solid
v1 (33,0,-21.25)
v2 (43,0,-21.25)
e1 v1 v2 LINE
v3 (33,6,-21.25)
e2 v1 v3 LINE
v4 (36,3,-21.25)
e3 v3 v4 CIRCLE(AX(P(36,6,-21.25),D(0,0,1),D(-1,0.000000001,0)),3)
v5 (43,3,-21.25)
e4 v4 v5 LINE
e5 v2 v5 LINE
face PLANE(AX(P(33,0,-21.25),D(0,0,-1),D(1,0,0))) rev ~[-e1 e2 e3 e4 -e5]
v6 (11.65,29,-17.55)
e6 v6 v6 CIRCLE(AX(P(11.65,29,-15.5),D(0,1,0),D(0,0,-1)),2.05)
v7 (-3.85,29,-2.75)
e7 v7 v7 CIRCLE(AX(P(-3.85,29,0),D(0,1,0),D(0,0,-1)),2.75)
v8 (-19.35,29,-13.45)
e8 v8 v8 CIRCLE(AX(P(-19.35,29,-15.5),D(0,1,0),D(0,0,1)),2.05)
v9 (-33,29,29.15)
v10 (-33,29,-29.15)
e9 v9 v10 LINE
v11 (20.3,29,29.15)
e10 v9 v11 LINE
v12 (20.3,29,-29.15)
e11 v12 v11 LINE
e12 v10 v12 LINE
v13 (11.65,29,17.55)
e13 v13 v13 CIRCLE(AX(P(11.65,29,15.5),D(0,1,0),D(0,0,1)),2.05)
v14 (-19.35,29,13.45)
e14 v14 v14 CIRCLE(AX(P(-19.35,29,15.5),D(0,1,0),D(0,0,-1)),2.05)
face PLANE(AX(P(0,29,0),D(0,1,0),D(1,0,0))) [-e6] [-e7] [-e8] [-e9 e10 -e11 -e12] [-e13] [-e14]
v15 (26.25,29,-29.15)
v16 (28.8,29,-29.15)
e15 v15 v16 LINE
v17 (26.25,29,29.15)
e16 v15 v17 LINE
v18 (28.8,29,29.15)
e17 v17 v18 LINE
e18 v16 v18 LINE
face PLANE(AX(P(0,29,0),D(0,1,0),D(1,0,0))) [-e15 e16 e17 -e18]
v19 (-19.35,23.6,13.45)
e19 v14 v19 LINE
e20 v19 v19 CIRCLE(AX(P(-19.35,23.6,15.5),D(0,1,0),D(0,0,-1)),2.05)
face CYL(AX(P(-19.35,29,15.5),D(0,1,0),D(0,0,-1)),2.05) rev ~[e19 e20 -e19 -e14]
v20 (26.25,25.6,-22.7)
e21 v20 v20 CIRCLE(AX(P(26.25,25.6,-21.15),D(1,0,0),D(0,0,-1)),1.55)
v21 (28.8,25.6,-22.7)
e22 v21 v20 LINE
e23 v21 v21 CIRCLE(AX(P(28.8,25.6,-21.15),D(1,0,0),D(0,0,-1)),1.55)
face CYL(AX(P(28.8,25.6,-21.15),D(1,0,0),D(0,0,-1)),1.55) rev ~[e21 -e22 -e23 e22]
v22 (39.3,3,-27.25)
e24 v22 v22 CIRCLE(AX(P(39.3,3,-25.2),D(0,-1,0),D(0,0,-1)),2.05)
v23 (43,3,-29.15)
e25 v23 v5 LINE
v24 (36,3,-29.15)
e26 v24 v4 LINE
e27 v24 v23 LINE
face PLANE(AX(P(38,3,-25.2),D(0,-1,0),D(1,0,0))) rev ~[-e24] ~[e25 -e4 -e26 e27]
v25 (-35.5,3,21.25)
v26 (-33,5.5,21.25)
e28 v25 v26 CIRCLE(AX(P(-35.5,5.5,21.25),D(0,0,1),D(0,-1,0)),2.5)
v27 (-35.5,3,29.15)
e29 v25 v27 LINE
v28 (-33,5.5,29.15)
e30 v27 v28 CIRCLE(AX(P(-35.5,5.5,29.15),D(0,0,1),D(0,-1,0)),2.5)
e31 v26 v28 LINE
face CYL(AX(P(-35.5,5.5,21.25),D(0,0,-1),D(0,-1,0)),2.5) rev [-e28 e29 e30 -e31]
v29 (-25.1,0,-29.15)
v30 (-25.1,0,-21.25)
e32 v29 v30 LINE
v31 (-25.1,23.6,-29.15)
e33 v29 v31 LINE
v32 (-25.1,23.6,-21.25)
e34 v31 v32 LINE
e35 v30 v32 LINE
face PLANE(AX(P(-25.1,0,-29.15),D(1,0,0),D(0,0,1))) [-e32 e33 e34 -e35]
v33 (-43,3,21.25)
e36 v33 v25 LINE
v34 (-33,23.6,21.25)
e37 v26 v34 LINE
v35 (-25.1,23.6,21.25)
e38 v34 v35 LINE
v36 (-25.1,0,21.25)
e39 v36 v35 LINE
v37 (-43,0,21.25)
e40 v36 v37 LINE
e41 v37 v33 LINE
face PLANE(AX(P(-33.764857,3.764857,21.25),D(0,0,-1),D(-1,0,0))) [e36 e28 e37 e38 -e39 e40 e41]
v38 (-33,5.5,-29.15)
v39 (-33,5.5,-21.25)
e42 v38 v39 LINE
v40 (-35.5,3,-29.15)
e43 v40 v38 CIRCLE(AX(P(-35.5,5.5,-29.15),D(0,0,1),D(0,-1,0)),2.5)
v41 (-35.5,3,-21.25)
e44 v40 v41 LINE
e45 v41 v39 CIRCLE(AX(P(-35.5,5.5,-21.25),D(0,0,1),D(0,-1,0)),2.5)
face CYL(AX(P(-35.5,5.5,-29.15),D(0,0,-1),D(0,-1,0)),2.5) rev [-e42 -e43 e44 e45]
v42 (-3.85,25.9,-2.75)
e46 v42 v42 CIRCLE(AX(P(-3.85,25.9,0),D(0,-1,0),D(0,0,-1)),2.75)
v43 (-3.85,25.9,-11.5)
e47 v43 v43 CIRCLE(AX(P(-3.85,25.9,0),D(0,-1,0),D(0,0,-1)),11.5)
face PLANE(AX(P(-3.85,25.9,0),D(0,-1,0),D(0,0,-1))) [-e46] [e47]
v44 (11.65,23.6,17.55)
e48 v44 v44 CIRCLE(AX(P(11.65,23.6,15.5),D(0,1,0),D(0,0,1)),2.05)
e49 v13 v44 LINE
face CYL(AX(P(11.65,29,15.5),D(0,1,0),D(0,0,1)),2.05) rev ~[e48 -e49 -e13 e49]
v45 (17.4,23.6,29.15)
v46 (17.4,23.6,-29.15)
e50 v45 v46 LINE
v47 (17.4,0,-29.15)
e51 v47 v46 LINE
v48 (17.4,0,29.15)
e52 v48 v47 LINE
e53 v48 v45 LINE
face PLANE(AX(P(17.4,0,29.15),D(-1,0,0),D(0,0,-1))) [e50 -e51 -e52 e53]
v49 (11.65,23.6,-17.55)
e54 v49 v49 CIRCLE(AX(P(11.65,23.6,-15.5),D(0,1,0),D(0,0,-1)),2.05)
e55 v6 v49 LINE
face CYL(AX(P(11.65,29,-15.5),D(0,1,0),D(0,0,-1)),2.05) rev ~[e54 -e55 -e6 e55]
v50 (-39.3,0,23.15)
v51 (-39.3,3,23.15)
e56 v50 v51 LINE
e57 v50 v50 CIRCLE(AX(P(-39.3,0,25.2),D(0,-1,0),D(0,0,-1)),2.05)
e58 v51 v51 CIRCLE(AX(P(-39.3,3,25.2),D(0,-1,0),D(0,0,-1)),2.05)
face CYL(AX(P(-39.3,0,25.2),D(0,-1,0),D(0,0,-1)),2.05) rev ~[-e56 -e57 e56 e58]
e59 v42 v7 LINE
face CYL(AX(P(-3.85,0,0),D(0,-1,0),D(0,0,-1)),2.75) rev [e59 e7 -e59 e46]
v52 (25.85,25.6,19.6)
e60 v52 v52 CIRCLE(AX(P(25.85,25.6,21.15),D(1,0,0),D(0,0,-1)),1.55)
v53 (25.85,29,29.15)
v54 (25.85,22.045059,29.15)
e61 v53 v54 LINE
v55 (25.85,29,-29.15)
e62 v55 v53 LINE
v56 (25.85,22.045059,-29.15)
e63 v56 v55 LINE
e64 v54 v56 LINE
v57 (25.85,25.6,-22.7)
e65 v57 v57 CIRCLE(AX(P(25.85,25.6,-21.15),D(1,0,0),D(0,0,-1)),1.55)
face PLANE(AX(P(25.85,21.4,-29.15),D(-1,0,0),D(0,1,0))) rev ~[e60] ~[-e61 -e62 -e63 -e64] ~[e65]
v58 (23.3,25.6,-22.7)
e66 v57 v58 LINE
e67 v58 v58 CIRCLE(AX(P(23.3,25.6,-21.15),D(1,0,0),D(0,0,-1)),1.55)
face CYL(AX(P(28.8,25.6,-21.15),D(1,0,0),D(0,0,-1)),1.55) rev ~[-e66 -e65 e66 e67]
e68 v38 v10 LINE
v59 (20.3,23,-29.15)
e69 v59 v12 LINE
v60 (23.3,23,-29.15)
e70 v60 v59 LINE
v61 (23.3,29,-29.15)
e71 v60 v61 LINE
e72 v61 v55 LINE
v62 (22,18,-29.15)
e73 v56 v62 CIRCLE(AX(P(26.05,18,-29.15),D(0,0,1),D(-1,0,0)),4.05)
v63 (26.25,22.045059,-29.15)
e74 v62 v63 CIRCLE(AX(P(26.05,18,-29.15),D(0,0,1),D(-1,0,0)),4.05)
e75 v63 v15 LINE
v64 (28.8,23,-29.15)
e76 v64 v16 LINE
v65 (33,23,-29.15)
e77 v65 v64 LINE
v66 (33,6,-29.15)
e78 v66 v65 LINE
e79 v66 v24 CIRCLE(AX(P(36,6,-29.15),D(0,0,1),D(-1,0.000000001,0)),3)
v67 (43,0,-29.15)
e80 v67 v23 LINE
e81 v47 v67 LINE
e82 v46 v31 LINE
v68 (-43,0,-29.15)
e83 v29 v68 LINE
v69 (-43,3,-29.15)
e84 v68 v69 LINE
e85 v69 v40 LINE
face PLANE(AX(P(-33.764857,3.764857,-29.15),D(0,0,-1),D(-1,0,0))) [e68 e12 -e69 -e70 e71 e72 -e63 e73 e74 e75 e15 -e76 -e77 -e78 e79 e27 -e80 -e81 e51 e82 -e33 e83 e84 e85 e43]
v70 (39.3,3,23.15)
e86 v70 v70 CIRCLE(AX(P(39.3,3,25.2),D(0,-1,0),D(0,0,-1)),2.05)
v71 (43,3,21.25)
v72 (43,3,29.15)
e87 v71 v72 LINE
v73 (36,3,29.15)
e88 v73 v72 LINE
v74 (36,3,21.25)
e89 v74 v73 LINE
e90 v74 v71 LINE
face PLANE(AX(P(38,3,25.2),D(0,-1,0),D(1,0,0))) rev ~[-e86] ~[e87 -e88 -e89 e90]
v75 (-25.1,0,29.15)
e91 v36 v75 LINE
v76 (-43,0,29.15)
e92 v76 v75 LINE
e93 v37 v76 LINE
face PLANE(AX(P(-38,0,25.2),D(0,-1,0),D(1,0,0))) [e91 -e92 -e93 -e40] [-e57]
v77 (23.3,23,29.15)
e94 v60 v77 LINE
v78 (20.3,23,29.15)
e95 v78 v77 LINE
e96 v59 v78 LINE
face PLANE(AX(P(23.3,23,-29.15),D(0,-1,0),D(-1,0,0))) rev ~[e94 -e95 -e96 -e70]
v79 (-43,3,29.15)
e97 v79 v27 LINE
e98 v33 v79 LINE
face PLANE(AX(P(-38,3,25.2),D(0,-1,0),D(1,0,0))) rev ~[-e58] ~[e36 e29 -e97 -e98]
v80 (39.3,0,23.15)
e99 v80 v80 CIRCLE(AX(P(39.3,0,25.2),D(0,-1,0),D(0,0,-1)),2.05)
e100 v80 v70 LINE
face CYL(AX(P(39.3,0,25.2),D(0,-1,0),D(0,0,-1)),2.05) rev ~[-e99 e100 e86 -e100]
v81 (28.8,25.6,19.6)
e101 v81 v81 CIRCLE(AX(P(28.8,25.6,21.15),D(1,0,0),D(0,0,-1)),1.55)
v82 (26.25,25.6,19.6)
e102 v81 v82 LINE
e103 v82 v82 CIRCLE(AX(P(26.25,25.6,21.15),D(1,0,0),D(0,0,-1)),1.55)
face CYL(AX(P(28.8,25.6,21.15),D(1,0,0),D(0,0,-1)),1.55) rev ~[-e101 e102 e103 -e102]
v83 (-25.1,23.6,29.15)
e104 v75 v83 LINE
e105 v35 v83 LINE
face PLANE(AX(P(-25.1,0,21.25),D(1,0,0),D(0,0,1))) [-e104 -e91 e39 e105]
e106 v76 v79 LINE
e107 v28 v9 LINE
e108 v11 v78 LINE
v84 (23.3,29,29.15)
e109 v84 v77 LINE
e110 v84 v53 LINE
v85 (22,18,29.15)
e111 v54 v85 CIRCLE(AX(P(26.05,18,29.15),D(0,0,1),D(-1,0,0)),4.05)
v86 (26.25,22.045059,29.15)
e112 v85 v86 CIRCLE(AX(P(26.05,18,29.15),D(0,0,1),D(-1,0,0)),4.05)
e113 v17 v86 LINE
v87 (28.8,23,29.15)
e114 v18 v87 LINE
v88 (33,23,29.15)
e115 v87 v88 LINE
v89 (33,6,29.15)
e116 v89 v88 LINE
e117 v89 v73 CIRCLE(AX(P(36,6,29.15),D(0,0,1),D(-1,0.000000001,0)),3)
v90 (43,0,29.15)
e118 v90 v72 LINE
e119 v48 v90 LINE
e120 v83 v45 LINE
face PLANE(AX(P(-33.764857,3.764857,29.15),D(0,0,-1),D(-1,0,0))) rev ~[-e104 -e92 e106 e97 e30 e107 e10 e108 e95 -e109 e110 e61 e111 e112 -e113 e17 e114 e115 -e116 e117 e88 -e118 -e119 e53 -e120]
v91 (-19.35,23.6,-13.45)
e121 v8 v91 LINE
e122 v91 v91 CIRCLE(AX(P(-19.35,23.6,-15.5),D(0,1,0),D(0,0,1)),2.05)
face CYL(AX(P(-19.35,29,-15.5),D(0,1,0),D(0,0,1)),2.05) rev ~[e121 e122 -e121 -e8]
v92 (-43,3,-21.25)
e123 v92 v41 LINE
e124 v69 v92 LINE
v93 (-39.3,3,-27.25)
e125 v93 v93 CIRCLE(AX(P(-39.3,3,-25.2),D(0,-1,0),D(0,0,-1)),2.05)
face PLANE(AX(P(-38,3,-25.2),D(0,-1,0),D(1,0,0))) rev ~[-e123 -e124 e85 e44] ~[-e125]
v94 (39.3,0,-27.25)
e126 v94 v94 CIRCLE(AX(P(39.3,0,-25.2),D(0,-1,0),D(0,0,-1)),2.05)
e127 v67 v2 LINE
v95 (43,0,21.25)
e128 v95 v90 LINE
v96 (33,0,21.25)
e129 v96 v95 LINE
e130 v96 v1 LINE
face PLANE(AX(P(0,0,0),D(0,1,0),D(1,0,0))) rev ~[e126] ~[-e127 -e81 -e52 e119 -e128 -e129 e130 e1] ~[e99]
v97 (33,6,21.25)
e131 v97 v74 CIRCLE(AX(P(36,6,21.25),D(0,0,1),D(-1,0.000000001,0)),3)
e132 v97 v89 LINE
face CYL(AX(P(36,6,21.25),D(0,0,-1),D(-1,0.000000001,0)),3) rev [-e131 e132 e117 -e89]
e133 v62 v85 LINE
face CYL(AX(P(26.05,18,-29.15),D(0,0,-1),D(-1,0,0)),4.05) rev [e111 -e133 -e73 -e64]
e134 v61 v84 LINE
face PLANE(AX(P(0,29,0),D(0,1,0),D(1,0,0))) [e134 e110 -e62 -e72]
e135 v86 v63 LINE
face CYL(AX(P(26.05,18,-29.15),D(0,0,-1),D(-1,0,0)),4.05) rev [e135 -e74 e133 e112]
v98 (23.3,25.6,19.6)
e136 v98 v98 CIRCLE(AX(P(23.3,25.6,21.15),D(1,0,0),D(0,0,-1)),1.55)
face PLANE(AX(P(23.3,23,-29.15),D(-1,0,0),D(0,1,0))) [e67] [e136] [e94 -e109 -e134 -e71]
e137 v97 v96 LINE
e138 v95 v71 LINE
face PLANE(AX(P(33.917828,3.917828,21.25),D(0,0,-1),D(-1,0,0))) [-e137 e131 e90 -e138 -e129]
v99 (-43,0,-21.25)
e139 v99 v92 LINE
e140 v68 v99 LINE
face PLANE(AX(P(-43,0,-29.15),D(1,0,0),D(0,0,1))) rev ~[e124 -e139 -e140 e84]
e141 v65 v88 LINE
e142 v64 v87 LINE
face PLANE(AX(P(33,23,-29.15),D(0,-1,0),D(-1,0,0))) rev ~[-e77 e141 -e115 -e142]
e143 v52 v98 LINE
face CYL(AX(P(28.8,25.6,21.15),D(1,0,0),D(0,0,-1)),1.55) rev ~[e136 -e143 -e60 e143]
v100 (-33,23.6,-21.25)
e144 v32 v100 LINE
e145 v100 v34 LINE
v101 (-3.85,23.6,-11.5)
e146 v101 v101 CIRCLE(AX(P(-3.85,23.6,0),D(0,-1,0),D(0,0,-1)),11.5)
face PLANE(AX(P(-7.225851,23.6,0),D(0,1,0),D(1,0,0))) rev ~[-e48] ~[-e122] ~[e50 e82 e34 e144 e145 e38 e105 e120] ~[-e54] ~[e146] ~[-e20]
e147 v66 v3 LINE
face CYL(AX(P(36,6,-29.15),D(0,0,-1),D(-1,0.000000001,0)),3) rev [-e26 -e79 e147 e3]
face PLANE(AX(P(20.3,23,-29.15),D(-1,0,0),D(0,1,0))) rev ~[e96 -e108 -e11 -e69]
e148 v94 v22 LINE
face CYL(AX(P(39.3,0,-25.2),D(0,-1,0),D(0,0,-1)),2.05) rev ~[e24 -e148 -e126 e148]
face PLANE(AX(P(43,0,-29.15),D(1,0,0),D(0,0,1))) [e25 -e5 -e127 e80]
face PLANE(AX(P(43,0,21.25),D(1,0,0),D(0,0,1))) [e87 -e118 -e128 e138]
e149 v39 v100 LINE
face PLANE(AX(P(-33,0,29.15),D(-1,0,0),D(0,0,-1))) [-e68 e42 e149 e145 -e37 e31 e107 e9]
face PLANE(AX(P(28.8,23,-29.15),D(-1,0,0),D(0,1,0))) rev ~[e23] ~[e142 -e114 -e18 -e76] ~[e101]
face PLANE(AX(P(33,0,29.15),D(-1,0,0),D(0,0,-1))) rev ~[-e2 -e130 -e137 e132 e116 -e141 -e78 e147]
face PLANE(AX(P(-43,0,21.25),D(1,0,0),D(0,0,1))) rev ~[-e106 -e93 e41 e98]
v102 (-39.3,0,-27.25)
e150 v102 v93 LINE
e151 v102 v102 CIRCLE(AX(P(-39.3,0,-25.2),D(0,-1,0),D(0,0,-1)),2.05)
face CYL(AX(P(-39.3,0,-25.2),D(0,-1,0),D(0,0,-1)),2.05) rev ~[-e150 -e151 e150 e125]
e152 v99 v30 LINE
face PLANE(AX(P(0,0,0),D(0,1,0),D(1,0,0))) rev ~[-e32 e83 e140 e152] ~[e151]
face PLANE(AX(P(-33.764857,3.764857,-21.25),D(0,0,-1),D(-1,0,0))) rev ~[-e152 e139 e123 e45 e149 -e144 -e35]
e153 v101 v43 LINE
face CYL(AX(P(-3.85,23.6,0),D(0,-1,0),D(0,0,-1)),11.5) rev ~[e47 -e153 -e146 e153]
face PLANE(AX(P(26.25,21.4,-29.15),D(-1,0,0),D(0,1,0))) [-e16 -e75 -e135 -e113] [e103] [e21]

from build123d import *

# Parameters (mm, degrees)
SKETCH1_W           = 66
SKETCH1_H           = 58.3
SKETCH1_R           = 2.75
BOSS_EXTRUDE1_DEPTH = 29
CUT_EXTRUDE1_START  = -29
CUT_EXTRUDE1_DEPTH  = 23.6
SKETCH4_R           = 11.5
CUT_EXTRUDE2_DEPTH  = 2.3
CUT_EXTRUDE3_REACH  = 54.723
SKETCH5_R           = 2.05
SKETCH6_W           = 10
SKETCH6_H           = 7.9
SKETCH6_R           = 2.05
BOSS_EXTRUDE2_DEPTH = 3
BOSS_EXTRUDE4_DEPTH = 7.9
BOSS_EXTRUDE5_START = -50.4
BOSS_EXTRUDE5_DEPTH = 7.9
CUT_EXTRUDE4_START  = -58.3
SKETCH8_R           = 4.05
CUT_EXTRUDE4_DEPTH  = 58.3
CUT_EXTRUDE5_REACH  = 80.031
SKETCH10_W          = 3
SKETCH10_H          = 6
SKETCH10_W_2        = 4.2
SKETCH10_W_3        = 0.4
SKETCH10_H_2        = 7.6
CUT_EXTRUDE6_REACH  = 84.74
SKETCH11_R          = 1.55


with BuildPart() as part:
    # Sketch1 → Boss-Extrude1 (new body)
    with BuildSketch(Plane(origin=(0, 0, 0), x_dir=(1, 0, 0), z_dir=(0, 1, 0))):
        Rectangle(SKETCH1_W, SKETCH1_H)
        with Locations(Location((-3.85, 0, 0), (0, 0, 90))):
            Circle(SKETCH1_R, mode=Mode.SUBTRACT)
    extrude(amount=BOSS_EXTRUDE1_DEPTH)

    # Sketch3 → Cut-Extrude1 (cut)
    with BuildSketch(Plane(origin=(0, 29, 0), x_dir=(1, 0, 0), z_dir=(0, 1, 0)).offset(CUT_EXTRUDE1_START)):
        Polygon((-33, 21.25), (-33, -21.25), (-25.1, -21.25), (-25.1, -29.15), (17.4, -29.15), (17.4, 29.15), (-25.1, 29.15), (-25.1, 21.25), align=None)
    extrude(amount=CUT_EXTRUDE1_DEPTH, mode=Mode.SUBTRACT)

    # Sketch4 → Cut-Extrude2 (cut)
    with BuildSketch(Plane.XZ.offset(-23.6)):
        with Locations(Location((-3.85, 0, 0), (0, 0, 270))):
            Circle(SKETCH4_R)
    extrude(amount=-CUT_EXTRUDE2_DEPTH, mode=Mode.SUBTRACT)

    # Sketch5 → Cut-Extrude3 (cut, up to next)
    with BuildSketch(Plane(origin=(0, 29, 0), x_dir=(1, 0, 0), z_dir=(0, 1, 0)), mode=Mode.PRIVATE) as cut_extrude3_sk1:
        with Locations(Location((-19.35, 15.5, 0), (0, 0, 270))):
            Circle(SKETCH5_R)
    cut_extrude3_tool1 = extrude(cut_extrude3_sk1.sketch, amount=-CUT_EXTRUDE3_REACH, mode=Mode.PRIVATE) & part.part
    # Sketch5 → Cut-Extrude3 (cut, up to next)
    with BuildSketch(Plane(origin=(0, 29, 0), x_dir=(1, 0, 0), z_dir=(0, 1, 0)), mode=Mode.PRIVATE) as cut_extrude3_sk2:
        with Locations(Location((11.65, 15.5, 0), (0, 0, 90))):
            Circle(SKETCH5_R)
    cut_extrude3_tool2 = extrude(cut_extrude3_sk2.sketch, amount=-CUT_EXTRUDE3_REACH, mode=Mode.PRIVATE) & part.part
    # Sketch5 → Cut-Extrude3 (cut, up to next)
    with BuildSketch(Plane(origin=(0, 29, 0), x_dir=(1, 0, 0), z_dir=(0, 1, 0)), mode=Mode.PRIVATE) as cut_extrude3_sk3:
        with Locations(Location((11.65, -15.5, 0), (0, 0, 270))):
            Circle(SKETCH5_R)
    cut_extrude3_tool3 = extrude(cut_extrude3_sk3.sketch, amount=-CUT_EXTRUDE3_REACH, mode=Mode.PRIVATE) & part.part
    # Sketch5 → Cut-Extrude3 (cut, up to next)
    with BuildSketch(Plane(origin=(0, 29, 0), x_dir=(1, 0, 0), z_dir=(0, 1, 0)), mode=Mode.PRIVATE) as cut_extrude3_sk4:
        with Locations(Location((-19.35, -15.5, 0), (0, 0, 90))):
            Circle(SKETCH5_R)
    cut_extrude3_tool4 = extrude(cut_extrude3_sk4.sketch, amount=-CUT_EXTRUDE3_REACH, mode=Mode.PRIVATE) & part.part
    add(cut_extrude3_tool1.solids().sort_by_distance((-19.35, 29, -15.5))[0], mode=Mode.SUBTRACT)
    add(cut_extrude3_tool2.solids().sort_by_distance((11.65, 29, -15.5))[0], mode=Mode.SUBTRACT)
    add(cut_extrude3_tool3.solids().sort_by_distance((11.65, 29, 15.5))[0], mode=Mode.SUBTRACT)
    add(cut_extrude3_tool4.solids().sort_by_distance((-19.35, 29, 15.5))[0], mode=Mode.SUBTRACT)

    # Sketch6 → Boss-Extrude2 (add)
    # profile 1 of 4: a face of its own
    with BuildSketch(Plane.XZ):
        with Locations((-38, 25.2)):
            Rectangle(SKETCH6_W, SKETCH6_H)
        with Locations(Location((-39.3, 25.2, 0), (0, 0, 270))):
            Circle(SKETCH6_R, mode=Mode.SUBTRACT)
    # profile 2 of 4: a face of its own
    with BuildSketch(Plane.XZ):
        with Locations((-38, -25.2)):
            Rectangle(SKETCH6_W, SKETCH6_H)
        with Locations(Location((-39.3, -25.2, 0), (0, 0, 270))):
            Circle(SKETCH6_R, mode=Mode.SUBTRACT)
    # profile 3 of 4: a face of its own
    with BuildSketch(Plane.XZ):
        with Locations((38, 25.2)):
            Rectangle(SKETCH6_W, SKETCH6_H)
        with Locations(Location((39.3, 25.2, 0), (0, 0, 270))):
            Circle(SKETCH6_R, mode=Mode.SUBTRACT)
    # profile 4 of 4: a face of its own
    with BuildSketch(Plane.XZ):
        with Locations((38, -25.2)):
            Rectangle(SKETCH6_W, SKETCH6_H)
        with Locations(Location((39.3, -25.2, 0), (0, 0, 270))):
            Circle(SKETCH6_R, mode=Mode.SUBTRACT)
    extrude(amount=-BOSS_EXTRUDE2_DEPTH)

    # Sketch7 → Boss-Extrude4 (add)
    with BuildSketch(Plane(origin=(0, 0, -29.15), x_dir=(-1, 0, 0), z_dir=(0, 0, -1))):
        with BuildLine():
            ThreePointArc((35.5, 3), (33.732233047, 3.732233047), (33, 5.5))
            Line((33, 5.5), (33, 3))
            Line((33, 3), (35.5, 3))
        make_face()
        with BuildLine():
            ThreePointArc((-33, 6), (-33.878679656, 3.878679656), (-36, 3))
            Line((-36, 3), (-33, 3))
            Line((-33, 3), (-33, 6))
        make_face()
    extrude(amount=-BOSS_EXTRUDE4_DEPTH)

    # Sketch7<5> → Boss-Extrude5 (add)
    with BuildSketch(Plane(origin=(0, 0, -29.15), x_dir=(-1, 0, 0), z_dir=(0, 0, -1)).offset(BOSS_EXTRUDE5_START)):
        with BuildLine():
            ThreePointArc((35.5, 3), (33.732233047, 3.732233047), (33, 5.5))
            Line((33, 5.5), (33, 3))
            Line((33, 3), (35.5, 3))
        make_face()
        with BuildLine():
            ThreePointArc((-33, 6), (-33.878679656, 3.878679656), (-36, 3))
            Line((-36, 3), (-33, 3))
            Line((-33, 3), (-33, 6))
        make_face()
    extrude(amount=-BOSS_EXTRUDE5_DEPTH)

    # Sketch8 → Cut-Extrude4 (cut)
    with BuildSketch(Plane.XY.offset(29.15).offset(CUT_EXTRUDE4_START)):
        with Locations(Location((26.05, 18, 0), (0, 0, 180))):
            Circle(SKETCH8_R)
    extrude(amount=CUT_EXTRUDE4_DEPTH, mode=Mode.SUBTRACT)

    # Sketch10 → Cut-Extrude5 (cut, up to next)
    with BuildSketch(Plane(origin=(0, 0, -29.15), x_dir=(-1, 0, 0), z_dir=(0, 0, -1)), mode=Mode.PRIVATE) as cut_extrude5_sk1:
        with Locations((-21.8, 26)):
            Rectangle(SKETCH10_W, SKETCH10_H)
    cut_extrude5_tool1 = extrude(cut_extrude5_sk1.sketch, amount=-CUT_EXTRUDE5_REACH, mode=Mode.PRIVATE) & part.part
    # Sketch10 → Cut-Extrude5 (cut, up to next)
    with BuildSketch(Plane(origin=(0, 0, -29.15), x_dir=(-1, 0, 0), z_dir=(0, 0, -1)), mode=Mode.PRIVATE) as cut_extrude5_sk2:
        with Locations((-30.9, 26)):
            Rectangle(SKETCH10_W_2, SKETCH10_H)
    cut_extrude5_tool2 = extrude(cut_extrude5_sk2.sketch, amount=-CUT_EXTRUDE5_REACH, mode=Mode.PRIVATE) & part.part
    # Sketch10 → Cut-Extrude5 (cut, up to next)
    with BuildSketch(Plane(origin=(0, 0, -29.15), x_dir=(-1, 0, 0), z_dir=(0, 0, -1)), mode=Mode.PRIVATE) as cut_extrude5_sk3:
        with Locations((-26.05, 25.2)):
            Rectangle(SKETCH10_W_3, SKETCH10_H_2)
    cut_extrude5_tool3 = extrude(cut_extrude5_sk3.sketch, amount=-CUT_EXTRUDE5_REACH, mode=Mode.PRIVATE) & part.part
    add(cut_extrude5_tool1.solids().sort_by_distance((21.8, 26, -29.15))[0], mode=Mode.SUBTRACT)
    add(cut_extrude5_tool2.solids().sort_by_distance((30.9, 26, -29.15))[0], mode=Mode.SUBTRACT)
    add(cut_extrude5_tool3.solids().sort_by_distance((26.05, 25.2, -29.15))[0], mode=Mode.SUBTRACT)

    # Cut-Extrude6: up to this face of the body (flat: up to its plane)
    cut_extrude6_end = Plane(part.part.faces().sort_by_distance((23.3, 26, 0))[0])
    # Sketch11 → Cut-Extrude6 (cut, up to the picked face)
    with BuildSketch(Plane(origin=(28.8, 0, 0), x_dir=(0, 0, -1), z_dir=(1, 0, 0)), mode=Mode.PRIVATE) as cut_extrude6_sk1:
        with Locations((-21.15, 25.6)):
            Circle(SKETCH11_R)
    cut_extrude6_tool1 = split(extrude(cut_extrude6_sk1.sketch, amount=-CUT_EXTRUDE6_REACH, mode=Mode.PRIVATE), bisect_by=cut_extrude6_end, keep=Keep.BOTH, mode=Mode.PRIVATE)
    # Sketch11 → Cut-Extrude6 (cut, up to the picked face)
    with BuildSketch(Plane(origin=(28.8, 0, 0), x_dir=(0, 0, -1), z_dir=(1, 0, 0)), mode=Mode.PRIVATE) as cut_extrude6_sk2:
        with Locations((21.15, 25.6)):
            Circle(SKETCH11_R)
    cut_extrude6_tool2 = split(extrude(cut_extrude6_sk2.sketch, amount=-CUT_EXTRUDE6_REACH, mode=Mode.PRIVATE), bisect_by=cut_extrude6_end, keep=Keep.BOTH, mode=Mode.PRIVATE)
    add(cut_extrude6_tool1.solids().sort_by(Axis((28.8, 25.6, 21.15), (-1, 0, 0)))[0], mode=Mode.SUBTRACT)
    add(cut_extrude6_tool2.solids().sort_by(Axis((28.8, 25.6, -21.15), (-1, 0, 0)))[0], mode=Mode.SUBTRACT)


solid = part.part
